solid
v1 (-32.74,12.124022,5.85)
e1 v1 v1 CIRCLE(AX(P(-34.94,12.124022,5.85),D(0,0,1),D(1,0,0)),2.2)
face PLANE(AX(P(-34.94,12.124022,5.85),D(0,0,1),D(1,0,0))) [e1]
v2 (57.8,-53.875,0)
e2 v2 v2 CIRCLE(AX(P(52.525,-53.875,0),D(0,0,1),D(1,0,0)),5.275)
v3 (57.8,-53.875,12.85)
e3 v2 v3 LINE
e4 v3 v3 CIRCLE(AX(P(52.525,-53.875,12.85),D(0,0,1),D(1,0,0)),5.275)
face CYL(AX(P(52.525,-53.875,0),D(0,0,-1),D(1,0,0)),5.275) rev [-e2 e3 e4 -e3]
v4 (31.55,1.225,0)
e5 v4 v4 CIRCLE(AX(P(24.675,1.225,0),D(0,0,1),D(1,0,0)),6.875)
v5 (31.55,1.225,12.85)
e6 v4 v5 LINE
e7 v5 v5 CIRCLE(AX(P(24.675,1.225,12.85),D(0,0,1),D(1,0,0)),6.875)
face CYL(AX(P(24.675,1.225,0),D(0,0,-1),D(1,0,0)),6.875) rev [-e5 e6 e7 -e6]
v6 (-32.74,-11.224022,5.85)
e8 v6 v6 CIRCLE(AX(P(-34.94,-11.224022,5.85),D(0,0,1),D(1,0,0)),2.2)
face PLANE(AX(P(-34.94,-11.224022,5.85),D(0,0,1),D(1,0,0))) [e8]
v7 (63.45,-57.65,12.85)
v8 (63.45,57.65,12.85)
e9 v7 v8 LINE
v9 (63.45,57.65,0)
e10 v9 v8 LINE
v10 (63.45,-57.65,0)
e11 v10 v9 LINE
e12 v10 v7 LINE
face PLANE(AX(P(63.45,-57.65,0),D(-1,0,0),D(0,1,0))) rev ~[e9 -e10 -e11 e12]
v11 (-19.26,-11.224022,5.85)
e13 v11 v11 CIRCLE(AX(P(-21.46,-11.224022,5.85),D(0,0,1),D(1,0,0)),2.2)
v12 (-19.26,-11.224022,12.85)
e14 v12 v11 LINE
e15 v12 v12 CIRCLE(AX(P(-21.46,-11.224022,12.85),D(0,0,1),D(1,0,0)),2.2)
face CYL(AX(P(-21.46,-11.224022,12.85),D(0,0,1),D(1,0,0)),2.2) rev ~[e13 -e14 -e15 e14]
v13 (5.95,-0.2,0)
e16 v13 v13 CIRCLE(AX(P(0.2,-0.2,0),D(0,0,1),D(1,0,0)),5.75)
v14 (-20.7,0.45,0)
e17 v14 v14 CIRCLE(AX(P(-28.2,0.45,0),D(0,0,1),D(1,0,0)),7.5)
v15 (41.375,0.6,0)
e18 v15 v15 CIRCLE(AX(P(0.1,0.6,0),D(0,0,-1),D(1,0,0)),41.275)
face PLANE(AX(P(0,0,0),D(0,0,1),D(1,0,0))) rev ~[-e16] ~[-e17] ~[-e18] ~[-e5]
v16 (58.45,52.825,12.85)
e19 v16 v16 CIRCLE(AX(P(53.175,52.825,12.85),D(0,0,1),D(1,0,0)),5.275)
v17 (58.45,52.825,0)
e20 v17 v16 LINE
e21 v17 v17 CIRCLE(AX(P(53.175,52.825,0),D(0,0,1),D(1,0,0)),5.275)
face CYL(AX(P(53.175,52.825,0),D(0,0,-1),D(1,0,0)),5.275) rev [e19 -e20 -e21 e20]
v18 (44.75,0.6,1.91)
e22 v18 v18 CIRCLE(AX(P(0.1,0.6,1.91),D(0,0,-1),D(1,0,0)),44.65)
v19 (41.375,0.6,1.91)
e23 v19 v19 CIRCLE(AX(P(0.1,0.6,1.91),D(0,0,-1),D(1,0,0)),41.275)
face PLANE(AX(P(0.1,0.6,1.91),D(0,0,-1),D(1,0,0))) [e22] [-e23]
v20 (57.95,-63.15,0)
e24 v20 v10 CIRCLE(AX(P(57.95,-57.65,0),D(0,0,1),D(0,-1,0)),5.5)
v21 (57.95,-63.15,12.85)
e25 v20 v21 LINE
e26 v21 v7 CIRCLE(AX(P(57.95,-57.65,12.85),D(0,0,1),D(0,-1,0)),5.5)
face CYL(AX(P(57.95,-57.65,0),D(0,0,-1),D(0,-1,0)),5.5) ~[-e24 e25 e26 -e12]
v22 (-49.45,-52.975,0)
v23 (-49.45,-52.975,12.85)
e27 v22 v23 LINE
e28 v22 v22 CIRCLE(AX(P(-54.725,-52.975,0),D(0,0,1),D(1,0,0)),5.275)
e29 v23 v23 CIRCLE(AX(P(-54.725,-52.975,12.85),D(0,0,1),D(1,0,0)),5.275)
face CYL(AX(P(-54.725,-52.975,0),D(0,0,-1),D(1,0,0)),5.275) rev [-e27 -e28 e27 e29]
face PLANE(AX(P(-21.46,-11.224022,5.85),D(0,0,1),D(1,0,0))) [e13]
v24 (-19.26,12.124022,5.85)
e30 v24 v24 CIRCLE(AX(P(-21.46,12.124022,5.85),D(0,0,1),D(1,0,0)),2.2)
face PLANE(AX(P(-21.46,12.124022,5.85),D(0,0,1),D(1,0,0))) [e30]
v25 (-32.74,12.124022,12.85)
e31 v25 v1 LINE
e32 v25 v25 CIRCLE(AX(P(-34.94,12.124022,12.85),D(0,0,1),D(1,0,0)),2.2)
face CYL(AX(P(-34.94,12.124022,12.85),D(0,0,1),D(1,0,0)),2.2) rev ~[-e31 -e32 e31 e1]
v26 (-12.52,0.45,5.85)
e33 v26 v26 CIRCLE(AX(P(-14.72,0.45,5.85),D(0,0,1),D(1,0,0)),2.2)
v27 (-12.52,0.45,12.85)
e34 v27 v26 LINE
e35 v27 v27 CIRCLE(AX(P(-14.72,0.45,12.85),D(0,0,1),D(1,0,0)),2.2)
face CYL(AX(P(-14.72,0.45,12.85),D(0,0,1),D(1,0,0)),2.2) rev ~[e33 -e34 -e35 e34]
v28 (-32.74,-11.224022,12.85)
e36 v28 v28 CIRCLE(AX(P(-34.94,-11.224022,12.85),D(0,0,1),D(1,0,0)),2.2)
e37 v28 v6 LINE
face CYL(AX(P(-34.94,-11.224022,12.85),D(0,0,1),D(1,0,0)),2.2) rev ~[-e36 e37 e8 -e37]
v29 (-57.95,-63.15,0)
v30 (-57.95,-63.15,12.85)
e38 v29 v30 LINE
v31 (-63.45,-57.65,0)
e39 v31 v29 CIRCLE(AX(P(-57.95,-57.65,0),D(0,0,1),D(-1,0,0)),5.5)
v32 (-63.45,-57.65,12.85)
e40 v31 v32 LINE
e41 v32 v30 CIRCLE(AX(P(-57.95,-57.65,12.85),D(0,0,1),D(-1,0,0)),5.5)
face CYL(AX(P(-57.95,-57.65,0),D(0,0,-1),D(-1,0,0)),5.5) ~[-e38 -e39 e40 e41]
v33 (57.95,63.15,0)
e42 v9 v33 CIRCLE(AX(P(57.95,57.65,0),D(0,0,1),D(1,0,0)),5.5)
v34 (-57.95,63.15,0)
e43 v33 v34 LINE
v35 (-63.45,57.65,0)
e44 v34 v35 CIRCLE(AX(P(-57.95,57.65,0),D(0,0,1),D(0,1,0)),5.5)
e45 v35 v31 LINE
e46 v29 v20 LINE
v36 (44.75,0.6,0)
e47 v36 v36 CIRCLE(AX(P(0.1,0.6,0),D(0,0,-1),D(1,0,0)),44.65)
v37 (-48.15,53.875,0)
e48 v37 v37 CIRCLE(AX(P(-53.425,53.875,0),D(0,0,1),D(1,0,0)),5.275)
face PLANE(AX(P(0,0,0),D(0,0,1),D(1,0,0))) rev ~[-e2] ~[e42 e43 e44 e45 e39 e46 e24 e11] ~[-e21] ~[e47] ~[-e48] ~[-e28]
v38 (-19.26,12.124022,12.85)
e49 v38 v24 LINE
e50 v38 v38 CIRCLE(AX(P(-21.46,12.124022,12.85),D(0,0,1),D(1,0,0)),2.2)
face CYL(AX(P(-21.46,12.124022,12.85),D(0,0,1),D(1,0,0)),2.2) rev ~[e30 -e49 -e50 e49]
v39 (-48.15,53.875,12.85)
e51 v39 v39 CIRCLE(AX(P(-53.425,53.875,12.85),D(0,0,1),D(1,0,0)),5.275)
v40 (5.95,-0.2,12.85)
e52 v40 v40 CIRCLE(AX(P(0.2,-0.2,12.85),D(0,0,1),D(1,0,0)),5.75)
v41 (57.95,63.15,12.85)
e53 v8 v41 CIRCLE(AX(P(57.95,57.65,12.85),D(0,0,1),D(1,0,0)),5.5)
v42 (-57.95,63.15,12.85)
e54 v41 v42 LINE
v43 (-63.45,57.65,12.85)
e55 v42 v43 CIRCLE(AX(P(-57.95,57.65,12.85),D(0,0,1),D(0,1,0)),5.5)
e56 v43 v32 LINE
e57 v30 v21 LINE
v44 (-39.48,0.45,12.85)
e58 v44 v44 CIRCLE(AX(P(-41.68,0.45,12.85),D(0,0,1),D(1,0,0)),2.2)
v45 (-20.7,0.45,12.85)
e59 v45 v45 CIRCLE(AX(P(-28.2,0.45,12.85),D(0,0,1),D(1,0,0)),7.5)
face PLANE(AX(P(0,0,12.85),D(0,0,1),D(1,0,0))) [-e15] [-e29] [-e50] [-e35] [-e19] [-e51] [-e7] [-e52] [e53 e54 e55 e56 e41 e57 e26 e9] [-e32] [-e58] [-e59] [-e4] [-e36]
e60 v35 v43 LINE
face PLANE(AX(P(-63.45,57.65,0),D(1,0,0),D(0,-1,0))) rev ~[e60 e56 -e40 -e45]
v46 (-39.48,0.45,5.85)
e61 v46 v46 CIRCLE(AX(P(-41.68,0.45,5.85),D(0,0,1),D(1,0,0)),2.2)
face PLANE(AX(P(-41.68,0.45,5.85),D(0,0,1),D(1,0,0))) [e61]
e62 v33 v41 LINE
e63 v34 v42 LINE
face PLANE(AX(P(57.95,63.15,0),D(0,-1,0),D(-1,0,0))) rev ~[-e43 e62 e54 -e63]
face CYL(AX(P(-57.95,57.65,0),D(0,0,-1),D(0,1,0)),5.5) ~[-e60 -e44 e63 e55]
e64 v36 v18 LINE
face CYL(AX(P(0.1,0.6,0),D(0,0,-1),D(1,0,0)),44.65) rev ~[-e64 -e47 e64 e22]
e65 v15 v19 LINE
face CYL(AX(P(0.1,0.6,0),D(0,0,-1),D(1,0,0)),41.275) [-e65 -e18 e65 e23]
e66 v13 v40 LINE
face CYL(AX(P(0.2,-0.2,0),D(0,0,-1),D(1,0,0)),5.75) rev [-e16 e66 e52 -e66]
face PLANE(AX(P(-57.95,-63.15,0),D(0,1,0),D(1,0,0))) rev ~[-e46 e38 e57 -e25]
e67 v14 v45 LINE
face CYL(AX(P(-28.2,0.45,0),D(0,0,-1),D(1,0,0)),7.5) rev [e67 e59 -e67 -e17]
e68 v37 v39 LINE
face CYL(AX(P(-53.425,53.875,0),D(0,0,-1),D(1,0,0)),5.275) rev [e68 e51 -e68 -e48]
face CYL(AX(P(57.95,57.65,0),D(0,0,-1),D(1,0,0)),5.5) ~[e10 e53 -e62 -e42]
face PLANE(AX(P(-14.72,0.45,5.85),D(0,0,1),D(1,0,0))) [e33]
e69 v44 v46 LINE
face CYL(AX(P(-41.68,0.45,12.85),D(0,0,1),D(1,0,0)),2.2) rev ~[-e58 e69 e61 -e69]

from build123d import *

# Parameters (mm, degrees)
F0_R     = 5.275
F0_R_2   = 5.75
F0_R_3   = 7.5
F0_R_4   = 6.875
F1_DEPTH = 12.85
F2_R     = 44.65
F2_R_2   = 41.275
F3_DEPTH = 1.91
F4_R     = 2.2
F5_DEPTH = 7


with BuildPart() as f1:
    # F0 (on Top) → F1 (new body)
    with BuildSketch(Plane.XY):
        with BuildLine():
            ThreePointArc((63.45, 57.65), (61.8390872965, 61.5390872965), (57.95, 63.15))
            Line((57.95, 63.15), (-57.95, 63.15))
            ThreePointArc((-57.95, 63.15), (-61.8390872965, 61.5390872965), (-63.45, 57.65))
            Line((-63.45, 57.65), (-63.45, -57.65))
            ThreePointArc((-63.45, -57.65), (-61.8390872965, -61.5390872965), (-57.95, -63.15))
            Line((-57.95, -63.15), (57.95, -63.15))
            ThreePointArc((57.95, -63.15), (61.8390872965, -61.5390872965), (63.45, -57.65))
            Line((63.45, -57.65), (63.45, 57.65))
        make_face()
        with Locations((-54.725, -52.975)):
            Circle(F0_R, mode=Mode.SUBTRACT)
        with Locations((52.525, -53.875)):
            Circle(F0_R, mode=Mode.SUBTRACT)
        with Locations((0.2, -0.2)):
            Circle(F0_R_2, mode=Mode.SUBTRACT)
        with Locations((-28.2, 0.45)):
            Circle(F0_R_3, mode=Mode.SUBTRACT)
        with Locations((-53.425, 53.875)):
            Circle(F0_R, mode=Mode.SUBTRACT)
        with Locations((24.675, 1.225)):
            Circle(F0_R_4, mode=Mode.SUBTRACT)
        with Locations((53.175, 52.825)):
            Circle(F0_R, mode=Mode.SUBTRACT)
    extrude(amount=F1_DEPTH)

    # F2 (on face) → F3 (cut)
    with BuildSketch(Plane(origin=(0, 0, 0), x_dir=(1, 0, 0), z_dir=(0, 0, -1))):
        with Locations((0.1, -0.6)):
            Circle(F2_R)
        with Locations((0.1, -0.6)):
            Circle(F2_R_2, mode=Mode.SUBTRACT)
    extrude(amount=-F3_DEPTH, mode=Mode.SUBTRACT)

    # F4 (on face) → F5 (cut)
    with BuildSketch(Plane.XY.offset(12.85)):
        with Locations((-21.46, 12.124022443)):
            Circle(F4_R)
        with Locations((-34.94, 12.124022443)):
            Circle(F4_R)
        with Locations((-41.68, 0.45)):
            Circle(F4_R)
        with Locations((-34.94, -11.224022443)):
            Circle(F4_R)
        with Locations((-21.46, -11.224022443)):
            Circle(F4_R)
        with Locations((-14.72, 0.45)):
            Circle(F4_R)
    extrude(amount=-F5_DEPTH, mode=Mode.SUBTRACT)


solid = f1.part
